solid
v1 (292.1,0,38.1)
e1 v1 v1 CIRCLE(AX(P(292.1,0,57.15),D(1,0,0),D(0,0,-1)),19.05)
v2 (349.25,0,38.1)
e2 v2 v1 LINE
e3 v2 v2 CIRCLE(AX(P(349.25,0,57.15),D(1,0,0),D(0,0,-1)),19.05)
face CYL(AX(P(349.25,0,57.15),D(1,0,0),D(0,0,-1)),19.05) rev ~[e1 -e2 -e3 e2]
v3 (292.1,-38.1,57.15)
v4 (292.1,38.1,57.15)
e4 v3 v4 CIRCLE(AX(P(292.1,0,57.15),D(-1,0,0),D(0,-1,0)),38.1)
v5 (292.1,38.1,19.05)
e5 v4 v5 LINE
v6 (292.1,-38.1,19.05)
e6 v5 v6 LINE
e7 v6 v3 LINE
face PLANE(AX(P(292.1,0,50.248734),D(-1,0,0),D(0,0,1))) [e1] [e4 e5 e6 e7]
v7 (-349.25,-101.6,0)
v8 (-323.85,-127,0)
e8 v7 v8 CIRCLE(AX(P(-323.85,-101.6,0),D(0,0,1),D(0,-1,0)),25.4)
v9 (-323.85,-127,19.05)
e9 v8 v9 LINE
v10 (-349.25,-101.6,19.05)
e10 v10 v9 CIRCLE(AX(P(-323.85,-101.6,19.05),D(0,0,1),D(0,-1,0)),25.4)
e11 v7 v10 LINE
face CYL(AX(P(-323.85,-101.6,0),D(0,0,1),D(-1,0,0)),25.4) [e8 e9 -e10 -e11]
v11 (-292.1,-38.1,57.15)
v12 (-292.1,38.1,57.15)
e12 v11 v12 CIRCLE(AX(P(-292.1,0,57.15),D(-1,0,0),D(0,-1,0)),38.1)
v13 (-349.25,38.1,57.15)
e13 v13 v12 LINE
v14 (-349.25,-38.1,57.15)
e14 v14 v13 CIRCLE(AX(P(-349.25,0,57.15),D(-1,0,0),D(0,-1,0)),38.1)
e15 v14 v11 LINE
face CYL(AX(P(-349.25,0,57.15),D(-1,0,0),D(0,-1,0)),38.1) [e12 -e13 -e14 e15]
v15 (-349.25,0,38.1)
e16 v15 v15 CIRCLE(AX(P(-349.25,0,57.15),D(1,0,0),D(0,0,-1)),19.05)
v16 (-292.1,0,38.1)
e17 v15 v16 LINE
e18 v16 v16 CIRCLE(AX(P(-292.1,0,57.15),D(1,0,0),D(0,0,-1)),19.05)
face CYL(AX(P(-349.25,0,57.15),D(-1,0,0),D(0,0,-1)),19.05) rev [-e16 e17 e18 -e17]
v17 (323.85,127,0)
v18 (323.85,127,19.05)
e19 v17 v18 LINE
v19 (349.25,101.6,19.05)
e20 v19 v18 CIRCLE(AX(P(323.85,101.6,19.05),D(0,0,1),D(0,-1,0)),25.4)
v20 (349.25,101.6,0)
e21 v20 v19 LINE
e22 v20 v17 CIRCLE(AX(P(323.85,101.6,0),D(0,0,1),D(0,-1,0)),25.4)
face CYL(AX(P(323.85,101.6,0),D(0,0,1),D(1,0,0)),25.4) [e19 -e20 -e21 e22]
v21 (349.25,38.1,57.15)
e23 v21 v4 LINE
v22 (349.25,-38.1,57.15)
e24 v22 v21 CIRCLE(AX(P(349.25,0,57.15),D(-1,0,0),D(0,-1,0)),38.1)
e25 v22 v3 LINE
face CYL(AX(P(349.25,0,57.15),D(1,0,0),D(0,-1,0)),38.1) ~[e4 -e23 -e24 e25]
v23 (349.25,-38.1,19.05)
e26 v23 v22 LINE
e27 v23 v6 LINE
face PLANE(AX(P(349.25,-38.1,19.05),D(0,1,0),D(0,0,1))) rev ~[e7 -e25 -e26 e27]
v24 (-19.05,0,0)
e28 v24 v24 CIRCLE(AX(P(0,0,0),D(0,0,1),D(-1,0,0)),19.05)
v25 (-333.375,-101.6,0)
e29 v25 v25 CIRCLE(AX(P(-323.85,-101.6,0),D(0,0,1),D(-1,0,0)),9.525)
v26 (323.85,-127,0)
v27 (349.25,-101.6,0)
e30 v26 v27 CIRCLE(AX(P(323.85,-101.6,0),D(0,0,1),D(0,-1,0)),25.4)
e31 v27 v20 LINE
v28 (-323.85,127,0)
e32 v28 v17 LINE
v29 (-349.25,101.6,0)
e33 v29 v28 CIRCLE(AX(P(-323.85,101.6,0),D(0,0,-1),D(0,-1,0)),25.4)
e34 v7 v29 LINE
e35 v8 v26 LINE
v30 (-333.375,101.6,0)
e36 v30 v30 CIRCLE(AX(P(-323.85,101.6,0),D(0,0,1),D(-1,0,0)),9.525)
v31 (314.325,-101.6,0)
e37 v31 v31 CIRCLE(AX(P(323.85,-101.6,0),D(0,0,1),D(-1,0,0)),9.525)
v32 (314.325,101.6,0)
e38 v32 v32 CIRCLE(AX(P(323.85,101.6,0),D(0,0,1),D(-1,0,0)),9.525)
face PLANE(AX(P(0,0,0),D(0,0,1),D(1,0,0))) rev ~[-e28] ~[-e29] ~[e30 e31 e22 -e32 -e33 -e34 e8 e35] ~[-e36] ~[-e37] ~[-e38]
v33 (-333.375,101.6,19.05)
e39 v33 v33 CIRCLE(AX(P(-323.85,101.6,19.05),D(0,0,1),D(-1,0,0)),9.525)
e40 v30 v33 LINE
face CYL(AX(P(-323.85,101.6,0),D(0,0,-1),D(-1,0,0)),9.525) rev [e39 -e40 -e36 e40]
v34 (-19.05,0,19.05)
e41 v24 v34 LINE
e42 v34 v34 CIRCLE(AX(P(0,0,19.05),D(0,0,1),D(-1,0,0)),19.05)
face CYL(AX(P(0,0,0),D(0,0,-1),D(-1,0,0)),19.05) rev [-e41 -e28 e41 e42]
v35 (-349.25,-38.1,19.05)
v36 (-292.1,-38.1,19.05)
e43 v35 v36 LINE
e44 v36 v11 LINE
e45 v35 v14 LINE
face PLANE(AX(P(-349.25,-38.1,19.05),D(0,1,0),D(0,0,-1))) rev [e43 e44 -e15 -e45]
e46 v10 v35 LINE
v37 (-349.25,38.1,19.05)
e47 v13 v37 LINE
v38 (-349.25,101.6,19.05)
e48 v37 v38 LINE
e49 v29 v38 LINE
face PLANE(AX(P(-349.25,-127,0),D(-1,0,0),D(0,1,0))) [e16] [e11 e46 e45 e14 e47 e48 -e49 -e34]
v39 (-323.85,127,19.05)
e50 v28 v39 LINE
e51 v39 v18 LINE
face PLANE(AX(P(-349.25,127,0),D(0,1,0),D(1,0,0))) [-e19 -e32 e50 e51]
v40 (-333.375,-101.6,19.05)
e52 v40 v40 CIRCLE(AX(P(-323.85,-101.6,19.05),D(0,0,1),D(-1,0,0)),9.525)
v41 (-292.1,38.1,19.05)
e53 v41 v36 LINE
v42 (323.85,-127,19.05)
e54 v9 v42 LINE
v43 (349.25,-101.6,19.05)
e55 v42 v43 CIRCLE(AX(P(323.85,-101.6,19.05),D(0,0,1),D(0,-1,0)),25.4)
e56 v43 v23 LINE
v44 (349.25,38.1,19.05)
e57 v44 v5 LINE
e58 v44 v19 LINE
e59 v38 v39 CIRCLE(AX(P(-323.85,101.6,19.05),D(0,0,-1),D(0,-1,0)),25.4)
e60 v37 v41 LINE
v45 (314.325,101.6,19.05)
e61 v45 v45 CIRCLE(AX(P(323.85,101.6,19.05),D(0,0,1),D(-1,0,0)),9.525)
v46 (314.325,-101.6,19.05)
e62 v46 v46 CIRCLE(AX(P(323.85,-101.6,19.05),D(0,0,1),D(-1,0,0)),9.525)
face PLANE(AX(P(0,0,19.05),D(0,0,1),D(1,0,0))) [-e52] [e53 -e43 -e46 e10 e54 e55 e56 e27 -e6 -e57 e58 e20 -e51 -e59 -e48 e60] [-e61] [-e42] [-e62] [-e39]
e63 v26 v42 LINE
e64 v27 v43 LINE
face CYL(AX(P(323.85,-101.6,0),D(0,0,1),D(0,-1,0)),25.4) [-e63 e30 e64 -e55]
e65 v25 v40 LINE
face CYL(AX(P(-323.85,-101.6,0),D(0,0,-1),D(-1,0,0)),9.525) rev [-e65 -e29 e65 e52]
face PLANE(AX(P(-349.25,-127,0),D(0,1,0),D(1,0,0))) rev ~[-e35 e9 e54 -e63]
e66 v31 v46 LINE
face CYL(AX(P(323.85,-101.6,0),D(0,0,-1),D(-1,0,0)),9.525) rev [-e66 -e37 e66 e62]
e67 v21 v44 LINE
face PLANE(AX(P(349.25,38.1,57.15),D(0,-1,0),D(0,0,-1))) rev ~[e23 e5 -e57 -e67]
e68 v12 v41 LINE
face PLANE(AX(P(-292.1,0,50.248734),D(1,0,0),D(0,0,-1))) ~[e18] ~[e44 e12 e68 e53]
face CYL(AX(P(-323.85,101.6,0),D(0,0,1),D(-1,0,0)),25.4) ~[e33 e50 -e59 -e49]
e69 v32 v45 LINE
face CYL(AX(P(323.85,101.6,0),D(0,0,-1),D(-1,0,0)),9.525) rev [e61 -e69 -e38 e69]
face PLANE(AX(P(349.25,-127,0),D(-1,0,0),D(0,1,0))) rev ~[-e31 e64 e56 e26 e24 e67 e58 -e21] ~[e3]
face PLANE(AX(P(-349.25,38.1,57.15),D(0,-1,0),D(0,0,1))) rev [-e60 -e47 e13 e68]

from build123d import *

# Parameters (mm, degrees)
SKETCH1_W           = 698.5
SKETCH1_H           = 254
SKETCH1_R           = 19.05
SKETCH1_R_2         = 9.525
BOSS_EXTRUDE1_DEPTH = 19.05
FILLET3_R           = 25.4
FILLET4_R           = 25.4
FILLET5_R           = 25.4
FILLET6_R           = 25.4
SKETCH2_R           = 19.05
BOSS_EXTRUDE2_DEPTH = 57.15


with BuildPart() as part:
    # Sketch1 → Boss-Extrude1 (new body)
    with BuildSketch(Plane.XY):
        Rectangle(SKETCH1_W, SKETCH1_H)
        with Locations(Location((0, 0, 0), (0, 0, 180))):
            Circle(SKETCH1_R, mode=Mode.SUBTRACT)
        with Locations(Location((-323.85, 101.6, 0), (0, 0, 180))):
            Circle(SKETCH1_R_2, mode=Mode.SUBTRACT)
        with Locations(Location((323.85, 101.6, 0), (0, 0, 180))):
            Circle(SKETCH1_R_2, mode=Mode.SUBTRACT)
        with Locations(Location((323.85, -101.6, 0), (0, 0, 180))):
            Circle(SKETCH1_R_2, mode=Mode.SUBTRACT)
        with Locations(Location((-323.85, -101.6, 0), (0, 0, 180))):
            Circle(SKETCH1_R_2, mode=Mode.SUBTRACT)
    extrude(amount=BOSS_EXTRUDE1_DEPTH)

    # Fillet3
    fillet3_edges = [part.edges().sort_by_distance(p)[0] for p in [
        (-349.25, 127, 9.525),
    ]]
    fillet(fillet3_edges, radius=FILLET3_R)

    # Fillet4
    fillet4_edges = [part.edges().sort_by_distance(p)[0] for p in [
        (-349.25, -127, 9.525),
    ]]
    fillet(fillet4_edges, radius=FILLET4_R)

    # Fillet5
    fillet5_edges = [part.edges().sort_by_distance(p)[0] for p in [
        (349.25, -127, 9.525),
    ]]
    fillet(fillet5_edges, radius=FILLET5_R)

    # Fillet6
    fillet6_edges = [part.edges().sort_by_distance(p)[0] for p in [
        (349.25, 127, 9.525),
    ]]
    fillet(fillet6_edges, radius=FILLET6_R)

    # Sketch2 → Boss-Extrude2 (add)
    with BuildSketch(Plane(origin=(349.25, 0, 0), x_dir=(0, 0, -1), z_dir=(1, 0, 0))):
        with BuildLine():
            Line((-19.05, 38.1), (-19.05, -38.1))
            Line((-19.05, -38.1), (-57.15, -38.1))
            ThreePointArc((-57.15, -38.1), (-95.25, 0), (-57.15, 38.1))
            Line((-57.15, 38.1), (-19.05, 38.1))
        make_face()
        with Locations((-57.15, 0)):
            Circle(SKETCH2_R, mode=Mode.SUBTRACT)
    boss_extrude2 = extrude(amount=-BOSS_EXTRUDE2_DEPTH)

    # Mirror3: Boss-Extrude2 across plane
    add(boss_extrude2.mirror(Plane.ZY))


solid = part.part
